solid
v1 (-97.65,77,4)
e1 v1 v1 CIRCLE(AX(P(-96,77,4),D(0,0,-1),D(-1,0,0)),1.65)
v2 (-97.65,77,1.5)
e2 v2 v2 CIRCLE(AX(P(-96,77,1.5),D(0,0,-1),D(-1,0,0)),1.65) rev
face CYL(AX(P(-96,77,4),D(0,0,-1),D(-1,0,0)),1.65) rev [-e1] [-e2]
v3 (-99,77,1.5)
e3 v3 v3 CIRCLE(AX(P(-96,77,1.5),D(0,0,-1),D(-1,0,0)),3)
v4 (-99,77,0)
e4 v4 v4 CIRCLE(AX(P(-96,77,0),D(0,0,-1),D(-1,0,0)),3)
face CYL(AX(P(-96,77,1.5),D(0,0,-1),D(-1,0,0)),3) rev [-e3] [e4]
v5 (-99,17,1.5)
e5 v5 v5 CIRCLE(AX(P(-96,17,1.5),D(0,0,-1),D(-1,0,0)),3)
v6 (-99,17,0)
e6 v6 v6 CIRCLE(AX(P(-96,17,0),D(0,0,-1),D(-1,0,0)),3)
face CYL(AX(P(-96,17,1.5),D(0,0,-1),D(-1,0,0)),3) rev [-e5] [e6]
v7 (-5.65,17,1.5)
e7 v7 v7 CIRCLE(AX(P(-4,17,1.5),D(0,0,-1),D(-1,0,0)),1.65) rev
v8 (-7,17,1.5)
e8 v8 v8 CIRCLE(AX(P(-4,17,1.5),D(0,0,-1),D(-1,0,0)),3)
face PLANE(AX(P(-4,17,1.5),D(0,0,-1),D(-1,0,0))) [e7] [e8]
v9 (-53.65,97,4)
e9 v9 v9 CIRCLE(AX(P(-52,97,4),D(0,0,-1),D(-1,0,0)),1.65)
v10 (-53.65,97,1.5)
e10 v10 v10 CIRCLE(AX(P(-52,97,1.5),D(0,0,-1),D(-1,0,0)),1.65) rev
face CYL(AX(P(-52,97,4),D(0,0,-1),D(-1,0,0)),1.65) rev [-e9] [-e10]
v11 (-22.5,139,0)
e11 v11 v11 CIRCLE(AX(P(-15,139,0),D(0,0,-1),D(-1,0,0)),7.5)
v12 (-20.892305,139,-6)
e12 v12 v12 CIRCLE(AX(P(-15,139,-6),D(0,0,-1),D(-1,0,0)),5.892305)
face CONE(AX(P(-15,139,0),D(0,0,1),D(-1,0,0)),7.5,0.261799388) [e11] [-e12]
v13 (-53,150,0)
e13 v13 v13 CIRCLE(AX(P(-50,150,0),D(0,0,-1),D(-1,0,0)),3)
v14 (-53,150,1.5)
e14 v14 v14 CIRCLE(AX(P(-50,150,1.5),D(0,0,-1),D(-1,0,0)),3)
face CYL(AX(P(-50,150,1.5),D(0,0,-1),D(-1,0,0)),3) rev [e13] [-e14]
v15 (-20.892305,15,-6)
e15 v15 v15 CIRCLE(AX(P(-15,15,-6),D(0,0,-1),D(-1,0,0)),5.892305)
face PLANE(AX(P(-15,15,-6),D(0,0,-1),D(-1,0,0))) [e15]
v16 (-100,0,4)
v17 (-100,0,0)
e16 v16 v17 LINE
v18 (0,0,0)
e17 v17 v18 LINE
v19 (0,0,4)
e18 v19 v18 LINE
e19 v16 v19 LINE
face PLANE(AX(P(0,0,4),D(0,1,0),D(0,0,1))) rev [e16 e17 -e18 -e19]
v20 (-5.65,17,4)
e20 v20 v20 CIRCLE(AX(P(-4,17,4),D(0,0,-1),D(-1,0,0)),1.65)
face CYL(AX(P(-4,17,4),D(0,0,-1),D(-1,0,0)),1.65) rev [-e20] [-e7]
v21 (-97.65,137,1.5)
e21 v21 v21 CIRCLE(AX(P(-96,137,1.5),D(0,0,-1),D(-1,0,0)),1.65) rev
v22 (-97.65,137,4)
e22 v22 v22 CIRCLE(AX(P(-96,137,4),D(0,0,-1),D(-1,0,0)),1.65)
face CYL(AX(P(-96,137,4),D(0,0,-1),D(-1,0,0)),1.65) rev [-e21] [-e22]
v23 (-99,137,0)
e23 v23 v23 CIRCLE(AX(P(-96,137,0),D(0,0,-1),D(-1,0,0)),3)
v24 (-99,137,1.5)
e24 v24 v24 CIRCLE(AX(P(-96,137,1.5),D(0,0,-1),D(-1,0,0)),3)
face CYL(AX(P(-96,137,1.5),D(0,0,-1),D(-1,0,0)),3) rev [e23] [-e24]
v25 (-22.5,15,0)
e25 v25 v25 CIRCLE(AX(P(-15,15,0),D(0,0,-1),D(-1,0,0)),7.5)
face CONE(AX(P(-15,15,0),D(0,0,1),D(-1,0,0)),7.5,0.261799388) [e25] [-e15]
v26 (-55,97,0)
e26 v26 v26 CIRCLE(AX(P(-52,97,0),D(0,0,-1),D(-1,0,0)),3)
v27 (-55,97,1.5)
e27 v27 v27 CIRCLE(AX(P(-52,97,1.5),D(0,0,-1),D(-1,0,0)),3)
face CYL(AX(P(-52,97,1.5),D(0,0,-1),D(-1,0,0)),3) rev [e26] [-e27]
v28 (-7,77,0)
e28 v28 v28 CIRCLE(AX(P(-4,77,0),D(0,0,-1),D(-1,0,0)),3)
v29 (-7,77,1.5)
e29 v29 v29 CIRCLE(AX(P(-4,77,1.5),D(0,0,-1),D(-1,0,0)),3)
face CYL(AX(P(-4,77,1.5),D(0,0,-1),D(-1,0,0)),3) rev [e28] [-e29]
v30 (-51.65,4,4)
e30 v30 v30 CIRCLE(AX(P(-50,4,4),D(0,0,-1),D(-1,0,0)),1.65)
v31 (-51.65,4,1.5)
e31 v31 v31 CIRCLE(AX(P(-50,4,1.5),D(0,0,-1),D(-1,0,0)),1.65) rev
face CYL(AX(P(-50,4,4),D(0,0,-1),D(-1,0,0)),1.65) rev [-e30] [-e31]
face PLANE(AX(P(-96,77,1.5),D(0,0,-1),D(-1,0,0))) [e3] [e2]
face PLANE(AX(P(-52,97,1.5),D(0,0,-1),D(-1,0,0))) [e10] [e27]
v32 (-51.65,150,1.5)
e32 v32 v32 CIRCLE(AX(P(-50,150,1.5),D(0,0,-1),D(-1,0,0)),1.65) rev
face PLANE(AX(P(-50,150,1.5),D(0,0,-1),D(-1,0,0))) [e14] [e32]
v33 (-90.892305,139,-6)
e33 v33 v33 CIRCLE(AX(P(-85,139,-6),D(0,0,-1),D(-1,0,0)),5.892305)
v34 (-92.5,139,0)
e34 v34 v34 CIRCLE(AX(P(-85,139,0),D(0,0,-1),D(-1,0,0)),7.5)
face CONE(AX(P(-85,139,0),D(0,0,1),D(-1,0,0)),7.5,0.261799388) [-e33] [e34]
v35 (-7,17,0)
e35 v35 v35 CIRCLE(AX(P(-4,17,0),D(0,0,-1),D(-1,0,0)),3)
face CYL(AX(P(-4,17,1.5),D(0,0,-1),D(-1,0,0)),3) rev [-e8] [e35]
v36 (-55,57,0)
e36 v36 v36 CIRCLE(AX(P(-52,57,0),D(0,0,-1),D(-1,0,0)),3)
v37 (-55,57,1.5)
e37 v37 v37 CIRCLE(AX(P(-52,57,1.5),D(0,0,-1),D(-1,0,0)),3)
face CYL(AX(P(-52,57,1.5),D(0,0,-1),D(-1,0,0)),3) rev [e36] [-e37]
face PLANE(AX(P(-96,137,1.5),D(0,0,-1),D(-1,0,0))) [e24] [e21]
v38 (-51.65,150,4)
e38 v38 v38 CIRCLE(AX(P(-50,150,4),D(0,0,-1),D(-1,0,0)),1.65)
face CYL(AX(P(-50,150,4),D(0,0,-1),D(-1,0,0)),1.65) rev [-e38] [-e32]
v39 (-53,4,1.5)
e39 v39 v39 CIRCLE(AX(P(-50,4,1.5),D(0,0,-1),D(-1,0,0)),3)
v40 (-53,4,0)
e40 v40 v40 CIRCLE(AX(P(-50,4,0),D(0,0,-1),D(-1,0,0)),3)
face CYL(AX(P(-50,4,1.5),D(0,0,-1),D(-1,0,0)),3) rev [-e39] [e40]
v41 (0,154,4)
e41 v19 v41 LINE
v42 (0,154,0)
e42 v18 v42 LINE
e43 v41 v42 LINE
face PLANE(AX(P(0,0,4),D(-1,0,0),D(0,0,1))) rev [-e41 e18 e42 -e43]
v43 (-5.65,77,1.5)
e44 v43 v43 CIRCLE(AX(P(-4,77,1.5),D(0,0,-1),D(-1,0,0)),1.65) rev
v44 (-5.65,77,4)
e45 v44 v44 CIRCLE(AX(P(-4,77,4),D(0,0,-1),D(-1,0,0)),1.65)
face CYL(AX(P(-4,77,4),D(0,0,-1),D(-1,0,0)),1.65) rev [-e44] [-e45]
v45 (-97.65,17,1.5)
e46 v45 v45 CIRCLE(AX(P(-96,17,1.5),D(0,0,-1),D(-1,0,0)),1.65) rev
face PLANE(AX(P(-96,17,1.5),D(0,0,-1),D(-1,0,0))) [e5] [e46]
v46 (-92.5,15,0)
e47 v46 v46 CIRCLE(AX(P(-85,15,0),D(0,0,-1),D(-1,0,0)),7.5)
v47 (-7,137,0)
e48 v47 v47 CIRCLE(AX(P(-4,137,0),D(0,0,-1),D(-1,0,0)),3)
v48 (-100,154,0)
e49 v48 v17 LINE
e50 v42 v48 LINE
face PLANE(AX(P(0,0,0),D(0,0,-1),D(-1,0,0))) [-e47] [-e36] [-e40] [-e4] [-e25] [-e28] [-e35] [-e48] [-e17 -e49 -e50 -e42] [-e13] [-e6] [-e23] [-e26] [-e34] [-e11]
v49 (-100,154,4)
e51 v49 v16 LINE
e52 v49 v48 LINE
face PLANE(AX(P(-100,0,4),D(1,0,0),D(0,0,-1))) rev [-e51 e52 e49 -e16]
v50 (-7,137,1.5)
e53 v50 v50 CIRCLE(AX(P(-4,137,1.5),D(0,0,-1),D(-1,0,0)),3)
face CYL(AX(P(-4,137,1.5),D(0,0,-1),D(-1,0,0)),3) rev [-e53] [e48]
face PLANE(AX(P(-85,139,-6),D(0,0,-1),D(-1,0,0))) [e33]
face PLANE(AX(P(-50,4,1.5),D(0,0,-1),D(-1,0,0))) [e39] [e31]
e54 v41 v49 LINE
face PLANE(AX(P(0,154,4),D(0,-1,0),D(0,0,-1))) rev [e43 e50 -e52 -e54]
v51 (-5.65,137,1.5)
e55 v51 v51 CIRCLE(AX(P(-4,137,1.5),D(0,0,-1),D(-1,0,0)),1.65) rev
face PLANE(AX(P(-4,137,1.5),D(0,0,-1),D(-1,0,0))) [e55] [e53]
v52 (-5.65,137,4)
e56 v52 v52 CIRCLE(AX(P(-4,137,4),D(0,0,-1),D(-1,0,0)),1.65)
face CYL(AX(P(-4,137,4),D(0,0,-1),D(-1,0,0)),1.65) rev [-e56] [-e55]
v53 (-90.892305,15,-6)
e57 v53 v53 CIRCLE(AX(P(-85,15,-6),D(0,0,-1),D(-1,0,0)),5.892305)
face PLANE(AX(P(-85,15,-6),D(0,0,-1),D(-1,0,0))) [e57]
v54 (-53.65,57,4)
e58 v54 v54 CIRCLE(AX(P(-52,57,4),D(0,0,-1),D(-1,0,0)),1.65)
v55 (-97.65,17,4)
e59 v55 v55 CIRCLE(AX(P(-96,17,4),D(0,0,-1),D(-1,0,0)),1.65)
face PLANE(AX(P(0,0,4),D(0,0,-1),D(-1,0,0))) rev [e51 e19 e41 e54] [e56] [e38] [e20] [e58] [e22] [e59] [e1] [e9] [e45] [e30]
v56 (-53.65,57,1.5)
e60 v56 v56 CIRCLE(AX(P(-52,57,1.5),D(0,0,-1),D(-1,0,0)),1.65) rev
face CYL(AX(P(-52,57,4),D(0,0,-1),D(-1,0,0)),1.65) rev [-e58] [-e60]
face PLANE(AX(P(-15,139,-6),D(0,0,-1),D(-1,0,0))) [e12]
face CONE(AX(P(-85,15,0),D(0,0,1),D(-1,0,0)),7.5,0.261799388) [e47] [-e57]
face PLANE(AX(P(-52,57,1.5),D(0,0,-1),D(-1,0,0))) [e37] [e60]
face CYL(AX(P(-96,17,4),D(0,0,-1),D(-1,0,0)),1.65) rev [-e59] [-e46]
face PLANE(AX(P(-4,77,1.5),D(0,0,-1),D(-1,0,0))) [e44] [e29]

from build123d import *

# Parameters (mm, degrees)
SKETCH1_W                     = 154
SKETCH1_H                     = 100
BOSS_EXTRUDE1_DEPTH           = 4
SKETCH2_R                     = 1.65
CUT_EXTRUDE1_DEPTH            = 184.66273438
SKETCH3_R                     = 7.5
BOSS_EXTRUDE2_DEPTH           = 6
BOSS_EXTRUDE2_DRAFT           = 15
BOSS_EXTRUDE2_PROFILE_2_DEPTH = 6
BOSS_EXTRUDE2_PROFILE_2_DRAFT = 15
BOSS_EXTRUDE2_PROFILE_3_DEPTH = 6
BOSS_EXTRUDE2_PROFILE_3_DRAFT = 15
BOSS_EXTRUDE2_PROFILE_4_DEPTH = 6
BOSS_EXTRUDE2_PROFILE_4_DRAFT = 15
SKETCH4_R                     = 3
CUT_EXTRUDE2_DEPTH            = 1.5


with BuildPart() as part:
    # Sketch1 → Boss-Extrude1 (new body)
    with BuildSketch(Plane(origin=(0, 0, 0), x_dir=(0, 1, 0), z_dir=(0, 0, 1))):
        with Locations((77, 50)):
            Rectangle(SKETCH1_W, SKETCH1_H)
    extrude(amount=BOSS_EXTRUDE1_DEPTH)

    # Sketch2 → Cut-Extrude1 (cut, through all)
    with BuildSketch(Plane(origin=(0, 0, 0), x_dir=(1, 0, 0), z_dir=(0, 0, -1))):
        with Locations(Location((-4, -77, 0), (0, 0, 180))):
            Circle(SKETCH2_R)
        with Locations(Location((-4, -17, 0), (0, 0, 180))):
            Circle(SKETCH2_R)
        with Locations(Location((-4, -137, 0), (0, 0, 180))):
            Circle(SKETCH2_R)
        with Locations(Location((-96, -137, 0), (0, 0, 180))):
            Circle(SKETCH2_R)
        with Locations(Location((-96, -77, 0), (0, 0, 180))):
            Circle(SKETCH2_R)
        with Locations(Location((-96, -17, 0), (0, 0, 180))):
            Circle(SKETCH2_R)
        with Locations(Location((-52, -97, 0), (0, 0, 180))):
            Circle(SKETCH2_R)
        with Locations(Location((-52, -57, 0), (0, 0, 180))):
            Circle(SKETCH2_R)
        with Locations(Location((-50, -4, 0), (0, 0, 180))):
            Circle(SKETCH2_R)
        with Locations(Location((-50, -150, 0), (0, 0, 180))):
            Circle(SKETCH2_R)
    extrude(amount=-CUT_EXTRUDE1_DEPTH, mode=Mode.SUBTRACT)


with BuildPart() as boss_extrude2_tool:
    # Sketch3 → Boss-Extrude2 (with draft: the straight prism first)
    with BuildSketch(Plane(origin=(0, 0, 0), x_dir=(1, 0, 0), z_dir=(0, 0, -1))):
        with Locations((-85, -15)):
            Circle(SKETCH3_R)
    extrude(amount=BOSS_EXTRUDE2_DEPTH)
    # Boss-Extrude2: the draft: its side faces are tilted about the plane it starts from
    boss_extrude2_sides = [boss_extrude2_tool.faces().sort_by_distance(p)[0] for p in [
        (-92.5, 15, -3),
    ]]
    draft(boss_extrude2_sides, Plane(origin=(0, 0, 0), x_dir=(1, 0, 0), z_dir=(0, 0, -1)), BOSS_EXTRUDE2_DRAFT)


with BuildPart() as part_1:
    add(part.part)

    # Boss-Extrude2: add boss_extrude2_tool
    add(boss_extrude2_tool.part)


with BuildPart() as boss_extrude2_profile_2_tool:
    # Sketch3 → Boss-Extrude2 profile 2 (with draft: the straight prism first)
    with BuildSketch(Plane(origin=(0, 0, 0), x_dir=(1, 0, 0), z_dir=(0, 0, -1))):
        with Locations((-15, -15)):
            Circle(SKETCH3_R)
    extrude(amount=BOSS_EXTRUDE2_PROFILE_2_DEPTH)
    # Boss-Extrude2 profile 2: the draft: its side faces are tilted about the plane it starts from
    boss_extrude2_profile_2_sides = [boss_extrude2_profile_2_tool.faces().sort_by_distance(p)[0] for p in [
        (-22.5, 15, -3),
    ]]
    draft(boss_extrude2_profile_2_sides, Plane(origin=(0, 0, 0), x_dir=(1, 0, 0), z_dir=(0, 0, -1)), BOSS_EXTRUDE2_PROFILE_2_DRAFT)


with BuildPart() as part_2:
    add(part_1.part)

    # Boss-Extrude2 profile 2: add boss_extrude2_profile_2_tool
    add(boss_extrude2_profile_2_tool.part)


with BuildPart() as boss_extrude2_profile_3_tool:
    # Sketch3 → Boss-Extrude2 profile 3 (with draft: the straight prism first)
    with BuildSketch(Plane(origin=(0, 0, 0), x_dir=(1, 0, 0), z_dir=(0, 0, -1))):
        with Locations((-15, -139)):
            Circle(SKETCH3_R)
    extrude(amount=BOSS_EXTRUDE2_PROFILE_3_DEPTH)
    # Boss-Extrude2 profile 3: the draft: its side faces are tilted about the plane it starts from
    boss_extrude2_profile_3_sides = [boss_extrude2_profile_3_tool.faces().sort_by_distance(p)[0] for p in [
        (-22.5, 139, -3),
    ]]
    draft(boss_extrude2_profile_3_sides, Plane(origin=(0, 0, 0), x_dir=(1, 0, 0), z_dir=(0, 0, -1)), BOSS_EXTRUDE2_PROFILE_3_DRAFT)


with BuildPart() as part_3:
    add(part_2.part)

    # Boss-Extrude2 profile 3: add boss_extrude2_profile_3_tool
    add(boss_extrude2_profile_3_tool.part)


with BuildPart() as boss_extrude2_profile_4_tool:
    # Sketch3 → Boss-Extrude2 profile 4 (with draft: the straight prism first)
    with BuildSketch(Plane(origin=(0, 0, 0), x_dir=(1, 0, 0), z_dir=(0, 0, -1))):
        with Locations((-85, -139)):
            Circle(SKETCH3_R)
    extrude(amount=BOSS_EXTRUDE2_PROFILE_4_DEPTH)
    # Boss-Extrude2 profile 4: the draft: its side faces are tilted about the plane it starts from
    boss_extrude2_profile_4_sides = [boss_extrude2_profile_4_tool.faces().sort_by_distance(p)[0] for p in [
        (-92.5, 139, -3),
    ]]
    draft(boss_extrude2_profile_4_sides, Plane(origin=(0, 0, 0), x_dir=(1, 0, 0), z_dir=(0, 0, -1)), BOSS_EXTRUDE2_PROFILE_4_DRAFT)


with BuildPart() as part_4:
    add(part_3.part)

    # Boss-Extrude2 profile 4: add boss_extrude2_profile_4_tool
    add(boss_extrude2_profile_4_tool.part)

    # Sketch4 → Cut-Extrude2 (cut)
    with BuildSketch(Plane(origin=(0, 0, 0), x_dir=(1, 0, 0), z_dir=(0, 0, -1))):
        with Locations(Location((-96, -17, 0), (0, 0, 180))):
            Circle(SKETCH4_R)
        with Locations(Location((-4, -17, 0), (0, 0, 180))):
            Circle(SKETCH4_R)
        with Locations(Location((-4, -77, 0), (0, 0, 180))):
            Circle(SKETCH4_R)
        with Locations(Location((-96, -77, 0), (0, 0, 180))):
            Circle(SKETCH4_R)
        with Locations(Location((-96, -137, 0), (0, 0, 180))):
            Circle(SKETCH4_R)
        with Locations(Location((-4, -137, 0), (0, 0, 180))):
            Circle(SKETCH4_R)
        with Locations(Location((-52, -57, 0), (0, 0, 180))):
            Circle(SKETCH4_R)
        with Locations(Location((-52, -97, 0), (0, 0, 180))):
            Circle(SKETCH4_R)
        with Locations(Location((-50, -4, 0), (0, 0, 180))):
            Circle(SKETCH4_R)
        with Locations(Location((-50, -150, 0), (0, 0, 180))):
            Circle(SKETCH4_R)
    extrude(amount=-CUT_EXTRUDE2_DEPTH, mode=Mode.SUBTRACT)


solid = part_4.part
